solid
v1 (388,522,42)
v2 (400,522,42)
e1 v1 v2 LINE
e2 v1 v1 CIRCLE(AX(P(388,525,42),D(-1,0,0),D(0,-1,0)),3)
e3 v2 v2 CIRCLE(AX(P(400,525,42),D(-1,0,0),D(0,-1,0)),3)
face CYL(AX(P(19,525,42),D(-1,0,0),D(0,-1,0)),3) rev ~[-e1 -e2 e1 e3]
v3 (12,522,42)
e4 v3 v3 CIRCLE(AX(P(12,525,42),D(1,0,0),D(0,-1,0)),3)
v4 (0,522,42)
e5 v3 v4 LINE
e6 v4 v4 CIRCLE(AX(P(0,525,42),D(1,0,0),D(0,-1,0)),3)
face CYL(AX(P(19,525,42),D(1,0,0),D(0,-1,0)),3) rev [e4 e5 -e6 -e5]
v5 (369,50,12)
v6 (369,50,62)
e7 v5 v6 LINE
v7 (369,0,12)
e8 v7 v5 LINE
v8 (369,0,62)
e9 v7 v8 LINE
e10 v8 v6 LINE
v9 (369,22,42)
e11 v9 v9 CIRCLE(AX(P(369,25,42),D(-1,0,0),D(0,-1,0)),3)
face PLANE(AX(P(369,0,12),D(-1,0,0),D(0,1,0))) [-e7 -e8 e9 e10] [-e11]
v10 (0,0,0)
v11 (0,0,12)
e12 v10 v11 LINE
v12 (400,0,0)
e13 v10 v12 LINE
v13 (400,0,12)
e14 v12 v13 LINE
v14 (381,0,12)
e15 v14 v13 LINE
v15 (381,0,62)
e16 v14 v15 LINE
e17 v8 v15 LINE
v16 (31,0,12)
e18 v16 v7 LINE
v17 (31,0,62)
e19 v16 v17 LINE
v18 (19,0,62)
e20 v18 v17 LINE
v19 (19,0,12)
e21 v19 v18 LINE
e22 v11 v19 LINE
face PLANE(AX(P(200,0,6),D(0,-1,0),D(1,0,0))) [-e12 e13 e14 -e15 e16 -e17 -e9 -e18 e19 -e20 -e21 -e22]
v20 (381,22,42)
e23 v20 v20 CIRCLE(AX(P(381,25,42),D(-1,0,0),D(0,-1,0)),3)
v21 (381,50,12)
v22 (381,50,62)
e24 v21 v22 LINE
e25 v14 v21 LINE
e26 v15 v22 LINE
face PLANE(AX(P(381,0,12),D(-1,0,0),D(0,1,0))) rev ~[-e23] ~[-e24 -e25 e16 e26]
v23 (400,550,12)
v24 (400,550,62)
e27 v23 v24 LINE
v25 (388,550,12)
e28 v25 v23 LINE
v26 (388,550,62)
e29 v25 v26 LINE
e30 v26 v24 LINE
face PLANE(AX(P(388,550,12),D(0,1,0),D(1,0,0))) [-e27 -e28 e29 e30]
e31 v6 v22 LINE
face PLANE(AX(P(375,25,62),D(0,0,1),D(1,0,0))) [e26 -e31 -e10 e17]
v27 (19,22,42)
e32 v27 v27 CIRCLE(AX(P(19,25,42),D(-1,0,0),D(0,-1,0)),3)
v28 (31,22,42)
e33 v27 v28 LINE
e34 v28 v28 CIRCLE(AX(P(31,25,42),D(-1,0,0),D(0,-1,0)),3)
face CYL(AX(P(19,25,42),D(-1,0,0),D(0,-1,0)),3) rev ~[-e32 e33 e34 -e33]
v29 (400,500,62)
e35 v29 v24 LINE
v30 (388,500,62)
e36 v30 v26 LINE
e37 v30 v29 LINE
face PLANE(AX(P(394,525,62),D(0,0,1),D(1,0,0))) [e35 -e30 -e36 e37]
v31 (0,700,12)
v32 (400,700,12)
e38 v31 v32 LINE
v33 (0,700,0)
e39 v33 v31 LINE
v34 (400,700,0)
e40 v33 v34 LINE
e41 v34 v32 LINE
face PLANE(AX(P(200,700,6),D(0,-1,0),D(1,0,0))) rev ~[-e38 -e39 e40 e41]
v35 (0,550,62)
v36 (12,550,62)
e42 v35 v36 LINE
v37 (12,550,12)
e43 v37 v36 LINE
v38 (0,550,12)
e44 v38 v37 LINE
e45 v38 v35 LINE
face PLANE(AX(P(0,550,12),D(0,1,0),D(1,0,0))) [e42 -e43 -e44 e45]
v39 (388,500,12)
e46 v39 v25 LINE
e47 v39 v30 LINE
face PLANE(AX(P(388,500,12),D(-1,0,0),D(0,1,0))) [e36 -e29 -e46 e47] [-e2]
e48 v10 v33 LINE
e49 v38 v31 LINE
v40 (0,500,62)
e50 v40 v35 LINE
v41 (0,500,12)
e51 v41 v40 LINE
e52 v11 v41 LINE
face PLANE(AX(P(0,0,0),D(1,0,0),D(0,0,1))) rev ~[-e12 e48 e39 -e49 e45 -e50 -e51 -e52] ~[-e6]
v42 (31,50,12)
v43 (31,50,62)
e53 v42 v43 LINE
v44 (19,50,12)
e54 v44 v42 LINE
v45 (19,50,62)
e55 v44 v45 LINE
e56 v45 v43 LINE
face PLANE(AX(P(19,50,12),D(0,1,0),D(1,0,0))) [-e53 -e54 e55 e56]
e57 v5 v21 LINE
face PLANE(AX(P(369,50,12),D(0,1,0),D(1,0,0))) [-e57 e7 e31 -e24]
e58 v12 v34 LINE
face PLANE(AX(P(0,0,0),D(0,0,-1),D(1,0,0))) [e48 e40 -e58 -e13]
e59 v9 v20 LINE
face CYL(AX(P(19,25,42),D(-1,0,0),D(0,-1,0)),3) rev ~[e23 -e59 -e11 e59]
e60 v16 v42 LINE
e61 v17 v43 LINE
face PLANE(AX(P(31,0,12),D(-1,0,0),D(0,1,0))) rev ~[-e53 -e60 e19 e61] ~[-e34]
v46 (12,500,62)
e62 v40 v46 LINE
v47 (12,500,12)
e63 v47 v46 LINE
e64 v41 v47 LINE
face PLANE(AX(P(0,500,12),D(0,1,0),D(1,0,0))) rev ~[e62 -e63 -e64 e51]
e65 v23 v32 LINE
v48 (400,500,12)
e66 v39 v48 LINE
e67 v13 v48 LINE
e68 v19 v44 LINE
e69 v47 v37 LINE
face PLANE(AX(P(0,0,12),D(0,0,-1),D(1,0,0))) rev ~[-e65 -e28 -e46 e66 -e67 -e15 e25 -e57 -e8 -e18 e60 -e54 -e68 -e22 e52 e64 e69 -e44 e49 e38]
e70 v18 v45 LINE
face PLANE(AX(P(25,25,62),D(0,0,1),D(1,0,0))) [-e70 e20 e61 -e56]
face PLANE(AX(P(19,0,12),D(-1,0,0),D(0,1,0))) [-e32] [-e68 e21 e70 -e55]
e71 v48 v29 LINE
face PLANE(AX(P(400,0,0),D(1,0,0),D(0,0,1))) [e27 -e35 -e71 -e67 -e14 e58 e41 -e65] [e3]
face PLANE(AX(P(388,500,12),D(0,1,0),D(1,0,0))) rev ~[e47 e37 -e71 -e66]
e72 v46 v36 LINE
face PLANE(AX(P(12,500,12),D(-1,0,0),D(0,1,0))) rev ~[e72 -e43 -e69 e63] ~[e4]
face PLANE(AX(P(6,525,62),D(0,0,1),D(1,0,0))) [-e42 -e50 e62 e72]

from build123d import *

# Parameters (mm, degrees)
F0_W          = 400
F0_H          = 12
F1_DEPTH      = 700
F2_W          = 12
F2_H          = 50
F3_DEPTH      = 50
F4_R          = 3
F5_DEPTH      = 381.001
F5_DEPTH_BACK = 19.001


with BuildPart() as f1:
    # F0 (on Front) → F1 (new body)
    with BuildSketch(Plane.XZ):
        with Locations((200, 6)):
            Rectangle(F0_W, F0_H)
    extrude(amount=-F1_DEPTH)

    # F2 (on face) → F3 (join)
    with BuildSketch(Plane.XY.offset(12)):
        with Locations((25, 25)):
            Rectangle(F2_W, F2_H)
        with Locations((375, 25)):
            Rectangle(F2_W, F2_H)
        with Locations((6, 525)):
            Rectangle(F2_W, F2_H)
        with Locations((394, 525)):
            Rectangle(F2_W, F2_H)
    extrude(amount=F3_DEPTH)

    # F4 (on face) → F5 (cut, two sides)
    with BuildSketch(Plane(origin=(19, 0, 0), x_dir=(0, -1, 0), z_dir=(-1, 0, 0))) as f5_sk:
        with Locations((-25, 42)):
            Circle(F4_R)
        with Locations((-525, 42)):
            Circle(F4_R)
    extrude(amount=-F5_DEPTH, mode=Mode.SUBTRACT)
    extrude(f5_sk.sketch, amount=F5_DEPTH_BACK, mode=Mode.SUBTRACT)


solid = f1.part
